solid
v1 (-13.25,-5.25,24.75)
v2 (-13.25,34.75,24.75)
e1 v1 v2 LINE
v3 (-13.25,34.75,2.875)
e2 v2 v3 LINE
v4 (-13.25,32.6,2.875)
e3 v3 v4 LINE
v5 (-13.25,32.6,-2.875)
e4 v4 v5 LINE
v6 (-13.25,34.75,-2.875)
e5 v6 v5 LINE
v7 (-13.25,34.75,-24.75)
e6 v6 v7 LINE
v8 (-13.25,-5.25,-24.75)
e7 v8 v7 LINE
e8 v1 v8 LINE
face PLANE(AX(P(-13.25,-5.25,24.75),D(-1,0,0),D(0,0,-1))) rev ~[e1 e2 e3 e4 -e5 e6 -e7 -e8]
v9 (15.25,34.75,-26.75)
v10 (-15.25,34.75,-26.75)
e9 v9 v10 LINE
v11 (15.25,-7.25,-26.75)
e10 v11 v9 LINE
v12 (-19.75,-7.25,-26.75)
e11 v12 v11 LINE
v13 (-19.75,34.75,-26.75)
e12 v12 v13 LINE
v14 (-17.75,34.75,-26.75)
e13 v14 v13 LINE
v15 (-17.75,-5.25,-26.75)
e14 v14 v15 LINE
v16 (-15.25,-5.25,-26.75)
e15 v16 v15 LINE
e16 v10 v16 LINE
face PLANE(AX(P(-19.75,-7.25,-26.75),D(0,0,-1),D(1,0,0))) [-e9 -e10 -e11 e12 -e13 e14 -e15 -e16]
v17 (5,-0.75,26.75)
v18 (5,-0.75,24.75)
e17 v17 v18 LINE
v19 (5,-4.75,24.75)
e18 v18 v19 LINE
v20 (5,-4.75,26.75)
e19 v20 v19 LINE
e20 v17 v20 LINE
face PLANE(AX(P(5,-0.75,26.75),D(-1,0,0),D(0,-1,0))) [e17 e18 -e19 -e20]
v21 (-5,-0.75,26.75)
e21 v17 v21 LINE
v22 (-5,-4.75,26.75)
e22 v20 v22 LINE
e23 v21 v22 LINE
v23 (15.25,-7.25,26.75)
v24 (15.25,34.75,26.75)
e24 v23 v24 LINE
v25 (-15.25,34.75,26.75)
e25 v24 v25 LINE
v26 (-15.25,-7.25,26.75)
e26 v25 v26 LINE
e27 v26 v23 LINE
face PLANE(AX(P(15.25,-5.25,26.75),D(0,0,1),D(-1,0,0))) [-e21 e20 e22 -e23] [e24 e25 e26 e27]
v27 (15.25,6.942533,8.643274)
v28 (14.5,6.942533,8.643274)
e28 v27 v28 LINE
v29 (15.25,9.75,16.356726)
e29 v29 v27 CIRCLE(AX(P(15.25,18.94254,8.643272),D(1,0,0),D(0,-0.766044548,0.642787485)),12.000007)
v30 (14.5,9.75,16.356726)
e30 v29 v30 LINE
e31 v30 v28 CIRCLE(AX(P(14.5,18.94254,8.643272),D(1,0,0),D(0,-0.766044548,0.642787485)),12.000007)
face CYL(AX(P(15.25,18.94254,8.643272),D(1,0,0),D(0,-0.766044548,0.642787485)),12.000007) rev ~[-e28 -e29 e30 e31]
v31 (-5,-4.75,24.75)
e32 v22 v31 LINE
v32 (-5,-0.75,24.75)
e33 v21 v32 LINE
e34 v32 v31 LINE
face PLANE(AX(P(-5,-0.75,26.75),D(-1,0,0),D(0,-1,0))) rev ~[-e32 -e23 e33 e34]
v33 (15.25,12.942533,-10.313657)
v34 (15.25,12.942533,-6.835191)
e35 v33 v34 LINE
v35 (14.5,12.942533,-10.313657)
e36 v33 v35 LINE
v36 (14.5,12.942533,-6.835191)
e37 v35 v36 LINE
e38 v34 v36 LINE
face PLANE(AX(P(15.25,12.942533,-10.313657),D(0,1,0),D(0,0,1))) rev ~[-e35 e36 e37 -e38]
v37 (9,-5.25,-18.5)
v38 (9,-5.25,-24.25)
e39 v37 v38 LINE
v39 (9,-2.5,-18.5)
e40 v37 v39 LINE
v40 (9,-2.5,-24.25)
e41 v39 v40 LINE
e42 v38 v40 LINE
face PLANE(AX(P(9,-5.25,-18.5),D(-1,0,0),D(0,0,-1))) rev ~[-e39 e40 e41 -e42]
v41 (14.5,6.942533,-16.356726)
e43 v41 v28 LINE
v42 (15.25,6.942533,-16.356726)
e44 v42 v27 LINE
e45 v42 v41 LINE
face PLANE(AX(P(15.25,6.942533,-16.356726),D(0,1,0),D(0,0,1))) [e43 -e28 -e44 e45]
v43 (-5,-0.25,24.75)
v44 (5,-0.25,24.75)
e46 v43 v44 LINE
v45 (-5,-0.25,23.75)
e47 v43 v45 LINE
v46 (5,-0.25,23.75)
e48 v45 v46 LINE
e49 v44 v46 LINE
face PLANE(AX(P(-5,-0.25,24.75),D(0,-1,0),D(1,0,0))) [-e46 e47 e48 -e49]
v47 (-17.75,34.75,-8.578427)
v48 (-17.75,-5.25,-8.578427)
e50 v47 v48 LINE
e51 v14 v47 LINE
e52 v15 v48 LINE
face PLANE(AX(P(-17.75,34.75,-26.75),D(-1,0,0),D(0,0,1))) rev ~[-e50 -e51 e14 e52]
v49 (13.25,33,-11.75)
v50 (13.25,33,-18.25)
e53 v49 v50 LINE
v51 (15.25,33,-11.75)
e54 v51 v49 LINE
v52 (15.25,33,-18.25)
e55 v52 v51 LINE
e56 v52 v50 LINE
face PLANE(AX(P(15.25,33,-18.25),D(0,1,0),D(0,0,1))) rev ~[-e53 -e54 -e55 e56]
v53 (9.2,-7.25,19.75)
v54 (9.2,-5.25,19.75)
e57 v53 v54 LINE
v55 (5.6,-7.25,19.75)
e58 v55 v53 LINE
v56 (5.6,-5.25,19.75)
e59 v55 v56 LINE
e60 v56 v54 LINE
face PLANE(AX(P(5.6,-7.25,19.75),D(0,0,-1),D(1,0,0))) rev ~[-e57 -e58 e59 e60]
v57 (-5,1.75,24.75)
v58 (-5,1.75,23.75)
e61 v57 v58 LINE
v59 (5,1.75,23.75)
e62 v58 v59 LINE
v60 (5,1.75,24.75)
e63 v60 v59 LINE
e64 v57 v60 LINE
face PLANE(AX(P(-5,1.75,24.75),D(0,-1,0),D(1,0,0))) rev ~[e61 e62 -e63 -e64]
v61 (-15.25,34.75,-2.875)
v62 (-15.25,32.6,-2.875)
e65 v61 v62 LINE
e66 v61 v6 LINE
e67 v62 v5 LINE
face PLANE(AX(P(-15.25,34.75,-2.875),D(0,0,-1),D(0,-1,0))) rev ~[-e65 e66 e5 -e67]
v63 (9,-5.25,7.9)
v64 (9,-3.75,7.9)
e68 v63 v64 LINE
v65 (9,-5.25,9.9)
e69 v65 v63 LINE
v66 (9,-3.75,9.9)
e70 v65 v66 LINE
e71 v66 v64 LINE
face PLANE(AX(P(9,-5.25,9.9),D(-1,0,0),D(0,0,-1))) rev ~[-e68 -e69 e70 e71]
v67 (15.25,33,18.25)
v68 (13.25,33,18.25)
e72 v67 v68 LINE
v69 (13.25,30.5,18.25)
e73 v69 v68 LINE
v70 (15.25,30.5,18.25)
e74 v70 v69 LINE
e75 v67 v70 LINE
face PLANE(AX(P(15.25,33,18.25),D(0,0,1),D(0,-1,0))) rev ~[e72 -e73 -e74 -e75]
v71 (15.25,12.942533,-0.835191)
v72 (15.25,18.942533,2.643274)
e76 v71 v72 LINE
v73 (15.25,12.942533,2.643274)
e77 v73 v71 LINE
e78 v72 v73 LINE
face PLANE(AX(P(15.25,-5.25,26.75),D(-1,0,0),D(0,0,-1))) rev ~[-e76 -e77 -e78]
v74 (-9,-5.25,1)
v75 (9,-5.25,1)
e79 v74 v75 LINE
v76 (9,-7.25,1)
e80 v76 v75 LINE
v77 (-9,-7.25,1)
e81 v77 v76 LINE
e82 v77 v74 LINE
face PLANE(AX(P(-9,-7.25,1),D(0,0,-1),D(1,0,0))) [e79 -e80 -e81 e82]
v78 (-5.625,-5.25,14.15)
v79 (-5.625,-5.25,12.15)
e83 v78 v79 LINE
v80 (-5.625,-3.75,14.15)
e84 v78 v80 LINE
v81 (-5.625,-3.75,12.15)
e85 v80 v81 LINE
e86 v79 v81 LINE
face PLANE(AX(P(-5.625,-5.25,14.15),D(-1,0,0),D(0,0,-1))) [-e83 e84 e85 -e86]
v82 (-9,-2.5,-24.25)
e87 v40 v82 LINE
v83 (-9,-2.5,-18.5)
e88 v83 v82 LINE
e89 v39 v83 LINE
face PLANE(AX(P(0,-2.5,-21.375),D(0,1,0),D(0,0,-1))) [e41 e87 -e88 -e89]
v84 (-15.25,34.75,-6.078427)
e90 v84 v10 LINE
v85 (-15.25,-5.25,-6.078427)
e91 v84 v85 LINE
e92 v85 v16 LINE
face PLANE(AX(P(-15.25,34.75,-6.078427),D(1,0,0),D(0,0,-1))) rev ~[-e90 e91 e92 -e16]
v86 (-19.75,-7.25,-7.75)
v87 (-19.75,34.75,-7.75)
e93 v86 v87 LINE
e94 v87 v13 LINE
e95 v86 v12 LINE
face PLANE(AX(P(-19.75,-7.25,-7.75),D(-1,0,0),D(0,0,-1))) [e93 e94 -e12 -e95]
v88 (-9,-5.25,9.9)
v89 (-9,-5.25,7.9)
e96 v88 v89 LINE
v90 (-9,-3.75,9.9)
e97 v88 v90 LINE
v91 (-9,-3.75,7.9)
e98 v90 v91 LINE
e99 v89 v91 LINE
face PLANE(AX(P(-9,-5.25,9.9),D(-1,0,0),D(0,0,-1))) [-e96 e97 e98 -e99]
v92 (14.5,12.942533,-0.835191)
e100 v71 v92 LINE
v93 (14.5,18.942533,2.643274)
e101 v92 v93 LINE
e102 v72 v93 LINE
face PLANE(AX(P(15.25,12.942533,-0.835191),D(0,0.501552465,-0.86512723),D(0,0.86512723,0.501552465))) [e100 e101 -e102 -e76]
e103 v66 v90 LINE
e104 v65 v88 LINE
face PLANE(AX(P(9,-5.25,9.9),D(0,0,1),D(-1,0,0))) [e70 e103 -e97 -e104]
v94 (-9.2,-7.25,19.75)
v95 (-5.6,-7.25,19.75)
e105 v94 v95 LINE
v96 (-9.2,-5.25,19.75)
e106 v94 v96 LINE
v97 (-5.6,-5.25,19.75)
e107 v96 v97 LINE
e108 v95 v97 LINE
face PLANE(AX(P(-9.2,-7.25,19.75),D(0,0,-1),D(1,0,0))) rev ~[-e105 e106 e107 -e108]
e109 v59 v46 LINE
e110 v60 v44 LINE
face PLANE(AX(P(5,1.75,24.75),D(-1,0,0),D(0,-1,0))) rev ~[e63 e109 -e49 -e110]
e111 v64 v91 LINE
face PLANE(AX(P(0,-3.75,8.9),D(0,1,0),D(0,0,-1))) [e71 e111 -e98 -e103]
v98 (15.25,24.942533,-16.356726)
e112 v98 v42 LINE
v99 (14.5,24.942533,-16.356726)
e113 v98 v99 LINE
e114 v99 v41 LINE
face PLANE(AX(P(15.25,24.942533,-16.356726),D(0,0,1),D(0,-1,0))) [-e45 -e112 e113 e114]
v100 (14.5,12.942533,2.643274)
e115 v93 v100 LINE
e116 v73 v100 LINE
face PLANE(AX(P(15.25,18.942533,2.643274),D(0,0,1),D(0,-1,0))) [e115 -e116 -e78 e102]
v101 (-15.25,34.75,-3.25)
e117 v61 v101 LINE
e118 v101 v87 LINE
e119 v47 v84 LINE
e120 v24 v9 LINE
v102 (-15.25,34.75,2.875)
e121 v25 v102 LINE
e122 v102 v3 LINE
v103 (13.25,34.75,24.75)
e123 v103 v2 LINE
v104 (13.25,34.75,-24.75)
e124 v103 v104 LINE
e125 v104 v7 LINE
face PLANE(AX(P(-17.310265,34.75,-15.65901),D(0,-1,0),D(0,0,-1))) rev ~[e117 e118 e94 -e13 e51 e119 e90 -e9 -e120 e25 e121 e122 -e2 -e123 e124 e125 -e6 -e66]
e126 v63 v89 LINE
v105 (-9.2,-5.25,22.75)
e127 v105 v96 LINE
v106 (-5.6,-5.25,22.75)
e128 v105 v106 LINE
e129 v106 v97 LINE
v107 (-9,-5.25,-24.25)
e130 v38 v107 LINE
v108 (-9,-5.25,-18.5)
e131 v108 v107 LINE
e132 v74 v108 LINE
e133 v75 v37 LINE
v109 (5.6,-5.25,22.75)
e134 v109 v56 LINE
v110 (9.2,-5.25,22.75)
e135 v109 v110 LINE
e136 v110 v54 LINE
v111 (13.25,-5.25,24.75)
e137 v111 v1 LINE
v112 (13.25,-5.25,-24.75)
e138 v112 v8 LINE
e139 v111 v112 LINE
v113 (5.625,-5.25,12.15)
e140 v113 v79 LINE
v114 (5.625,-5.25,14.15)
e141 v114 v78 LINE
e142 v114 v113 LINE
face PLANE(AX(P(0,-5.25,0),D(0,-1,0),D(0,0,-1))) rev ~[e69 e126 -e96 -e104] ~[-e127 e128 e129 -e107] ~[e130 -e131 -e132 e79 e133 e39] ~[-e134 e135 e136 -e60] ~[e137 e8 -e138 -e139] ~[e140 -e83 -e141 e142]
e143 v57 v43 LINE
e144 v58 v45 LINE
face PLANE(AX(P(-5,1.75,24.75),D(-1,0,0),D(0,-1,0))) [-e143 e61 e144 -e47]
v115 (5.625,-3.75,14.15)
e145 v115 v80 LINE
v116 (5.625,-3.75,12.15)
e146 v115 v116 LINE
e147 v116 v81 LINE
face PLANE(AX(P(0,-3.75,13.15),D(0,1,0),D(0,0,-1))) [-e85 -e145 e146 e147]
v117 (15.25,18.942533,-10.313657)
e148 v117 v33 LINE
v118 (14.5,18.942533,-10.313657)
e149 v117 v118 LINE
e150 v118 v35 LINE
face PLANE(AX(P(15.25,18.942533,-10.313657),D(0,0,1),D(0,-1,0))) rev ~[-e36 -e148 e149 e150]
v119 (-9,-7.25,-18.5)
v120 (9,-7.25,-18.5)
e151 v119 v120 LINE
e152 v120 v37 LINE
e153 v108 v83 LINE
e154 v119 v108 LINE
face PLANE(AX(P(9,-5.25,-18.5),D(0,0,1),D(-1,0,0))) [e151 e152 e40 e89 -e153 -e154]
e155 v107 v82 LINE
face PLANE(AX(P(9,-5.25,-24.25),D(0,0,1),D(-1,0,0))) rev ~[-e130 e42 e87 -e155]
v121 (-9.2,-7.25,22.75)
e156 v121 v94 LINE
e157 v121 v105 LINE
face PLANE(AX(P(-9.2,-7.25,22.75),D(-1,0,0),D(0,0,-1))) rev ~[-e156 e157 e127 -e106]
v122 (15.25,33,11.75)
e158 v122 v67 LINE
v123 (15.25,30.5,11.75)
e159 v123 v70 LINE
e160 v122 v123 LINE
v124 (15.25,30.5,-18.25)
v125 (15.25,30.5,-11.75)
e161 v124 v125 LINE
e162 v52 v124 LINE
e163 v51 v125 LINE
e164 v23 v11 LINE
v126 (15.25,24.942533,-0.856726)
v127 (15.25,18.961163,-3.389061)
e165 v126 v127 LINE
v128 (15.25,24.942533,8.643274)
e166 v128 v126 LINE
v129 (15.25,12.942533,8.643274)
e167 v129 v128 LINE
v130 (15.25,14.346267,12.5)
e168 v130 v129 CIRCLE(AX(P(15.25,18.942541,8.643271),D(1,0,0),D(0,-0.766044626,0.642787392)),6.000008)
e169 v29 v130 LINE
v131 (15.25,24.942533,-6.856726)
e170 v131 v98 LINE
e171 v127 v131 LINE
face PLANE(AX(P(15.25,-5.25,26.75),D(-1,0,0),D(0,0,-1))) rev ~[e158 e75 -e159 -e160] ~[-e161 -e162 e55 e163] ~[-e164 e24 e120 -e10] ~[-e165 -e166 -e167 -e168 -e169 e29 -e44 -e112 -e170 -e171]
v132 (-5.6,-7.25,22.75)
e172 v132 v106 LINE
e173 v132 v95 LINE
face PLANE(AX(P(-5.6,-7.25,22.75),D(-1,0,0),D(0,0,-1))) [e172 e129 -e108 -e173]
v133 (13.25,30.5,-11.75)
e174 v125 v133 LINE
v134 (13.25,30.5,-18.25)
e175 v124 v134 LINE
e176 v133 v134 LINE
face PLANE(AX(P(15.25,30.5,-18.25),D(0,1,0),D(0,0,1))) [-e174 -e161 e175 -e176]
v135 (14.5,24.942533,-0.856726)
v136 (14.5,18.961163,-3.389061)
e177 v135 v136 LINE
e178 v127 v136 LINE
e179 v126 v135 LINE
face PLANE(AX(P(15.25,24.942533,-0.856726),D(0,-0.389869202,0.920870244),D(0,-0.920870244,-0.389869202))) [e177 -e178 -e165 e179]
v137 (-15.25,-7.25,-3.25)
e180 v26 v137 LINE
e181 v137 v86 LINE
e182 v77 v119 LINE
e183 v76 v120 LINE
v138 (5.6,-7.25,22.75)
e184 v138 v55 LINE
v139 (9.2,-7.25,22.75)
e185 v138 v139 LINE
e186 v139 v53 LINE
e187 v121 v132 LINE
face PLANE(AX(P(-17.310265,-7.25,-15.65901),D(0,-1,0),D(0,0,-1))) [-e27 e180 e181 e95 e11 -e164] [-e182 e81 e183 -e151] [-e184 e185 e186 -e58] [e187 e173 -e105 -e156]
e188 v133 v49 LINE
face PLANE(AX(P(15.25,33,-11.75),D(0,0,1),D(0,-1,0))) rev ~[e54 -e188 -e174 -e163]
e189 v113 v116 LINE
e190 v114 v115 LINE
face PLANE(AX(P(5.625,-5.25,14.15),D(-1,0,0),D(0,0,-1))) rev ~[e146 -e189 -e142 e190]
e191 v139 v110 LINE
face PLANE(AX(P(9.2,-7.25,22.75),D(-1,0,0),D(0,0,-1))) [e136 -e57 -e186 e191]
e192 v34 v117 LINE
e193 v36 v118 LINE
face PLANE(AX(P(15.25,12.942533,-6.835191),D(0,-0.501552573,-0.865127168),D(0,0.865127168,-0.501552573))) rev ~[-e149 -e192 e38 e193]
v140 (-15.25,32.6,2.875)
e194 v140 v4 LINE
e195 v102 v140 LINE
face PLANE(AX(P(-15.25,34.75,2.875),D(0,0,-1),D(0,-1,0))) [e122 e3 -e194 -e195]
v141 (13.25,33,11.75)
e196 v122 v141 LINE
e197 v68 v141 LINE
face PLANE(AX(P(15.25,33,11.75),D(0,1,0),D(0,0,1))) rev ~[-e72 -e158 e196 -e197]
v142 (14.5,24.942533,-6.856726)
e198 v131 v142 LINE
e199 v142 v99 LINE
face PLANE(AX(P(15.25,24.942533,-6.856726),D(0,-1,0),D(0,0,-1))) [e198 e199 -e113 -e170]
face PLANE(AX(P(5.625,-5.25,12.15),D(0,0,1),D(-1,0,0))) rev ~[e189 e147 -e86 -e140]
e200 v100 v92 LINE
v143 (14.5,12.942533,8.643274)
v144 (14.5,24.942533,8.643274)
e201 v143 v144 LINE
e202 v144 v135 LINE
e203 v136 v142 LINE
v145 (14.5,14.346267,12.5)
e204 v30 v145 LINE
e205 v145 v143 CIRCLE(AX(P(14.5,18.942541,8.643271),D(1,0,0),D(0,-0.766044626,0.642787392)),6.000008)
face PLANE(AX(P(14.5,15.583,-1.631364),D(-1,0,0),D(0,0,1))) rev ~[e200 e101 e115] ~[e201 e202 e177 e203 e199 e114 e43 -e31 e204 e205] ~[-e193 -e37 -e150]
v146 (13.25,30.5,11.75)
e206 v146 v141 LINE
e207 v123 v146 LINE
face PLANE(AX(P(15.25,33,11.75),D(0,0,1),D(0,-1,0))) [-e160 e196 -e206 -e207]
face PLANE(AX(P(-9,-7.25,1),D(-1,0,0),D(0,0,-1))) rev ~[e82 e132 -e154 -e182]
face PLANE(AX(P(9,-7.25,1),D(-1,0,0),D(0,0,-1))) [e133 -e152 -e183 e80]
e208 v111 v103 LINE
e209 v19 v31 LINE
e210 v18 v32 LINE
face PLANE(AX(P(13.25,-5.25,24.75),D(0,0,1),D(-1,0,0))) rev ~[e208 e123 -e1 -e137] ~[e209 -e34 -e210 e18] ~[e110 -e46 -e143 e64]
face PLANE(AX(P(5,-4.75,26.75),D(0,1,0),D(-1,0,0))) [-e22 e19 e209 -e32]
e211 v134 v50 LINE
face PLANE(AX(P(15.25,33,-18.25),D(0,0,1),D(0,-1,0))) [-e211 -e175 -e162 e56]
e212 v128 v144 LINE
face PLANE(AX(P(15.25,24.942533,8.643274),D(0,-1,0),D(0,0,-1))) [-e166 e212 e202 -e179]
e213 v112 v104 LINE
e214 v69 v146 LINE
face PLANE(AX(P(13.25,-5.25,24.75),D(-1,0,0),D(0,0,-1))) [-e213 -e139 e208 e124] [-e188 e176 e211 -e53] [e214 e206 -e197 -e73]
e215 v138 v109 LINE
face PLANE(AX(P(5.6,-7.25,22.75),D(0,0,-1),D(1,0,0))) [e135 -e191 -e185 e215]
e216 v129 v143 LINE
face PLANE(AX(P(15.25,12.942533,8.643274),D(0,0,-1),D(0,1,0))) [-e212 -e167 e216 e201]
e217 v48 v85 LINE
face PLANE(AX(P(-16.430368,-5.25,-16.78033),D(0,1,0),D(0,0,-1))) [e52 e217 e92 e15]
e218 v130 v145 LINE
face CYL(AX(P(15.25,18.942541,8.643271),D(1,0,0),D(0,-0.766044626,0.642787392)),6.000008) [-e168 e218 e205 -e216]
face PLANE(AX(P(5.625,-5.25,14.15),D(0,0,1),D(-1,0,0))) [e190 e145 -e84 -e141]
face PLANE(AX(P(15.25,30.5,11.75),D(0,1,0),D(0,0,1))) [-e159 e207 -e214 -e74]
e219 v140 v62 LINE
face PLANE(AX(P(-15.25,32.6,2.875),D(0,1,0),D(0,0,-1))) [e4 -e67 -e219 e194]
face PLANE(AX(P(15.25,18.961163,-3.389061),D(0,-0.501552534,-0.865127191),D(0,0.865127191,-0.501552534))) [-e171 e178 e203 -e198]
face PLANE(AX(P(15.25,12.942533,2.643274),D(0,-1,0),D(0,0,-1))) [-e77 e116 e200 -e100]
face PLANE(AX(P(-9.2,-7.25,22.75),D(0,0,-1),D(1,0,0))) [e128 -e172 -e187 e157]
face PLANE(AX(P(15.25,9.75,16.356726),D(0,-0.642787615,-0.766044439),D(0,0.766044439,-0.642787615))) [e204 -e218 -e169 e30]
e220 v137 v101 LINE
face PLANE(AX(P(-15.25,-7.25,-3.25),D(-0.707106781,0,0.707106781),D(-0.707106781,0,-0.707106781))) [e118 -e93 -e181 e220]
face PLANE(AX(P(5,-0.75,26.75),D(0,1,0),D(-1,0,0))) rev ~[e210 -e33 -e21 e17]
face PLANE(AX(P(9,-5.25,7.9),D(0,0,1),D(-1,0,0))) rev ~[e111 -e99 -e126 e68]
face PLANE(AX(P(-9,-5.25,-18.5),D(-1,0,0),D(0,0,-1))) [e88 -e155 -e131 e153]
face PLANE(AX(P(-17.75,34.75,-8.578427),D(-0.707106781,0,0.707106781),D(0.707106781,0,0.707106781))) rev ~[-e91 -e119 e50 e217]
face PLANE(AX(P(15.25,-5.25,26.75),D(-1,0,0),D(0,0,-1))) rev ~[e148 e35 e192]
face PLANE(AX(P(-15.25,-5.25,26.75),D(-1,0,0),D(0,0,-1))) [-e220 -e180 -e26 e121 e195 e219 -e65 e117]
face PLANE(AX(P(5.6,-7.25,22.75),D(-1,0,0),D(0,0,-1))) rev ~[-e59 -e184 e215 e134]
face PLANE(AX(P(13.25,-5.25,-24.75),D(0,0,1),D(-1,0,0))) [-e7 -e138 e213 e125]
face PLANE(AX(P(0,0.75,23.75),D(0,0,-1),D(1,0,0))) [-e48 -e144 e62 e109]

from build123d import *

# Parameters (mm, degrees)
SKETCH002_W     = 53.5
SKETCH002_H     = 30.5
SKETCH002_W_2   = 19.5
SKETCH002_H_2   = 18
SKETCH002_W_3   = 3
SKETCH002_H_3   = 3.6
PAD001_DEPTH    = 2
SKETCH003_W     = 2
SKETCH003_H     = 11.25
SKETCH003_H_2   = 18
PAD002_DEPTH    = 1.5
SKETCH004_W     = 5.75
SKETCH004_H     = 18
PAD003_DEPTH    = 2.75
SKETCH005_W     = 53.5
SKETCH005_H     = 30.5
SKETCH005_W_2   = 49.5
SKETCH005_H_2   = 26.5
PAD004_DEPTH    = 40
SKETCH006_W     = 10
SKETCH006_H     = 4
POCKET001_DEPTH = 2
SKETCH008_W     = 6.5
SKETCH008_H     = 2.5
POCKET002_DEPTH = 5
SKETCH010_W     = 5.75
SKETCH010_H     = 2.15
POCKET003_DEPTH = 5
POCKET005_DEPTH = 0.75
SKETCH014_W     = 10
SKETCH014_H     = 2
PAD009_DEPTH    = 1
PAD010_DEPTH    = 42
POCKET006_DEPTH = 40


with BuildPart() as part:
    # Sketch002 → Pad001 (new body)
    with BuildSketch(Plane(origin=(0, -7.25, 0), x_dir=(0, 0, -1), z_dir=(0, -1, 0))):
        Rectangle(SKETCH002_W, SKETCH002_H)
        with Locations((8.75, 0)):
            Rectangle(SKETCH002_W_2, SKETCH002_H_2, mode=Mode.SUBTRACT)
        with Locations((-21.25, 7.4)):
            Rectangle(SKETCH002_W_3, SKETCH002_H_3, mode=Mode.SUBTRACT)
        with Locations((-21.25, -7.4)):
            Rectangle(SKETCH002_W_3, SKETCH002_H_3, mode=Mode.SUBTRACT)
    extrude(amount=-PAD001_DEPTH)

    # Sketch003 (on Face18 of Pad001) → Pad002 (join)
    with BuildSketch(Plane(origin=(0, -5.25, 0), x_dir=(0, 0, -1), z_dir=(0, 1, 0))):
        with Locations((-13.15, 0)):
            Rectangle(SKETCH003_W, SKETCH003_H)
        with Locations((-8.9, 0)):
            Rectangle(SKETCH003_W, SKETCH003_H_2)
    extrude(amount=PAD002_DEPTH)

    # Sketch004 (on Face5 of Pad002) → Pad003 (join)
    with BuildSketch(Plane(origin=(0, -5.25, 0), x_dir=(0, 0, -1), z_dir=(0, 1, 0))):
        with Locations((21.375, 0)):
            Rectangle(SKETCH004_W, SKETCH004_H)
    extrude(amount=PAD003_DEPTH)

    # Sketch005 (on Face5 of Pad003) → Pad004 (join)
    with BuildSketch(Plane(origin=(0, -5.25, 0), x_dir=(0, 0, -1), z_dir=(0, 1, 0))):
        Rectangle(SKETCH005_W, SKETCH005_H)
        Rectangle(SKETCH005_W_2, SKETCH005_H_2, mode=Mode.SUBTRACT)
    extrude(amount=PAD004_DEPTH)

    # Sketch006 (on Face34 of Pad004) → Pocket001 (cut)
    with BuildSketch(Plane(origin=(0, -7.25, 26.75), x_dir=(-1, 0, 0), z_dir=(0, 0, 1))):
        with Locations((0, -4.5)):
            Rectangle(SKETCH006_W, SKETCH006_H)
    extrude(amount=-POCKET001_DEPTH, mode=Mode.SUBTRACT)

    # Sketch008 (on Face5 of Pocket001) → Pocket002 (cut)
    with BuildSketch(Plane(origin=(15.25, -7.25, 0), x_dir=(0, 0, 1), z_dir=(1, 0, 0))):
        with Locations((-15, -39)):
            Rectangle(SKETCH008_W, SKETCH008_H)
        with Locations((15, -39)):
            Rectangle(SKETCH008_W, SKETCH008_H)
    extrude(amount=-POCKET002_DEPTH, mode=Mode.SUBTRACT)

    # Sketch010 (on Face3 of Pocket002) → Pocket003 (cut)
    with BuildSketch(Plane(origin=(-15.25, -7.25, 0), x_dir=(0, 0, -1), z_dir=(-1, 0, 0))):
        with Locations((0, -40.925)):
            Rectangle(SKETCH010_W, SKETCH010_H)
    extrude(amount=-POCKET003_DEPTH, mode=Mode.SUBTRACT)

    # Sketch013 (on Face5 of Pocket003) → Pocket005 (cut)
    with BuildSketch(Plane(origin=(15.25, 9.75, -3), x_dir=(0, 0, -1), z_dir=(1, 0, 0))):
        with BuildLine():
            Line((-11.643274, 3.192533), (-11.643274, 15.192533))
            Line((-11.643274, 15.192533), (-2.143274, 15.192533))
            Line((-2.143274, 15.192533), (0.389061, 9.211163))
            Line((0.389061, 9.211163), (3.856726, 15.192533))
            Line((3.856726, 15.192533), (13.356726, 15.192533))
            Line((13.356726, 15.192533), (13.356726, -2.807467))
            Line((13.356726, -2.807467), (-11.643274, -2.807467))
            ThreePointArc((-19.356726, 0), (-15.747516, -2.083778), (-11.643274, -2.807467))
            Line((-19.356726, 0), (-15.5, 4.596267))
            ThreePointArc((-15.5, 4.596267), (-13.695395, 3.554378), (-11.643274, 3.192533))
        make_face()
        Polygon((-5.643274, 9.192533), (-5.643274, 3.192533), (-2.164809, 3.192533), align=None, mode=Mode.SUBTRACT)
        Polygon((7.313657, 9.192533), (7.313657, 3.192533), (3.835191, 3.192533), align=None, mode=Mode.SUBTRACT)
    extrude(amount=-POCKET005_DEPTH, mode=Mode.SUBTRACT)

    # Sketch014 (on Face51 of Pocket005) → Pad009 (join)
    with BuildSketch(Plane(origin=(0, -7.25, 24.75), x_dir=(1, 0, 0), z_dir=(0, 0, -1))):
        with Locations((0, -8)):
            Rectangle(SKETCH014_W, SKETCH014_H)
    extrude(amount=PAD009_DEPTH)

    # Sketch015 (on Face1 of Pad009) → Pad010 (join)
    with BuildSketch(Plane(origin=(0, -7.25, 0), x_dir=(0, 0, -1), z_dir=(0, -1, 0))):
        Polygon((26.75, -15.25), (3.25, -15.25), (7.75, -19.75), (26.75, -19.75), align=None)
    extrude(amount=-PAD010_DEPTH)

    # Sketch016 (on Face78 of Pad010) → Pocket006 (cut)
    with BuildSketch(Plane(origin=(0, 34.75, 0), x_dir=(0, 0, -1), z_dir=(0, 1, 0))):
        Polygon((26.75, 15.25), (26.75, 17.75), (8.578427, 17.75), (6.078427, 15.25), align=None)
    extrude(amount=-POCKET006_DEPTH, mode=Mode.SUBTRACT)


solid = part.part
